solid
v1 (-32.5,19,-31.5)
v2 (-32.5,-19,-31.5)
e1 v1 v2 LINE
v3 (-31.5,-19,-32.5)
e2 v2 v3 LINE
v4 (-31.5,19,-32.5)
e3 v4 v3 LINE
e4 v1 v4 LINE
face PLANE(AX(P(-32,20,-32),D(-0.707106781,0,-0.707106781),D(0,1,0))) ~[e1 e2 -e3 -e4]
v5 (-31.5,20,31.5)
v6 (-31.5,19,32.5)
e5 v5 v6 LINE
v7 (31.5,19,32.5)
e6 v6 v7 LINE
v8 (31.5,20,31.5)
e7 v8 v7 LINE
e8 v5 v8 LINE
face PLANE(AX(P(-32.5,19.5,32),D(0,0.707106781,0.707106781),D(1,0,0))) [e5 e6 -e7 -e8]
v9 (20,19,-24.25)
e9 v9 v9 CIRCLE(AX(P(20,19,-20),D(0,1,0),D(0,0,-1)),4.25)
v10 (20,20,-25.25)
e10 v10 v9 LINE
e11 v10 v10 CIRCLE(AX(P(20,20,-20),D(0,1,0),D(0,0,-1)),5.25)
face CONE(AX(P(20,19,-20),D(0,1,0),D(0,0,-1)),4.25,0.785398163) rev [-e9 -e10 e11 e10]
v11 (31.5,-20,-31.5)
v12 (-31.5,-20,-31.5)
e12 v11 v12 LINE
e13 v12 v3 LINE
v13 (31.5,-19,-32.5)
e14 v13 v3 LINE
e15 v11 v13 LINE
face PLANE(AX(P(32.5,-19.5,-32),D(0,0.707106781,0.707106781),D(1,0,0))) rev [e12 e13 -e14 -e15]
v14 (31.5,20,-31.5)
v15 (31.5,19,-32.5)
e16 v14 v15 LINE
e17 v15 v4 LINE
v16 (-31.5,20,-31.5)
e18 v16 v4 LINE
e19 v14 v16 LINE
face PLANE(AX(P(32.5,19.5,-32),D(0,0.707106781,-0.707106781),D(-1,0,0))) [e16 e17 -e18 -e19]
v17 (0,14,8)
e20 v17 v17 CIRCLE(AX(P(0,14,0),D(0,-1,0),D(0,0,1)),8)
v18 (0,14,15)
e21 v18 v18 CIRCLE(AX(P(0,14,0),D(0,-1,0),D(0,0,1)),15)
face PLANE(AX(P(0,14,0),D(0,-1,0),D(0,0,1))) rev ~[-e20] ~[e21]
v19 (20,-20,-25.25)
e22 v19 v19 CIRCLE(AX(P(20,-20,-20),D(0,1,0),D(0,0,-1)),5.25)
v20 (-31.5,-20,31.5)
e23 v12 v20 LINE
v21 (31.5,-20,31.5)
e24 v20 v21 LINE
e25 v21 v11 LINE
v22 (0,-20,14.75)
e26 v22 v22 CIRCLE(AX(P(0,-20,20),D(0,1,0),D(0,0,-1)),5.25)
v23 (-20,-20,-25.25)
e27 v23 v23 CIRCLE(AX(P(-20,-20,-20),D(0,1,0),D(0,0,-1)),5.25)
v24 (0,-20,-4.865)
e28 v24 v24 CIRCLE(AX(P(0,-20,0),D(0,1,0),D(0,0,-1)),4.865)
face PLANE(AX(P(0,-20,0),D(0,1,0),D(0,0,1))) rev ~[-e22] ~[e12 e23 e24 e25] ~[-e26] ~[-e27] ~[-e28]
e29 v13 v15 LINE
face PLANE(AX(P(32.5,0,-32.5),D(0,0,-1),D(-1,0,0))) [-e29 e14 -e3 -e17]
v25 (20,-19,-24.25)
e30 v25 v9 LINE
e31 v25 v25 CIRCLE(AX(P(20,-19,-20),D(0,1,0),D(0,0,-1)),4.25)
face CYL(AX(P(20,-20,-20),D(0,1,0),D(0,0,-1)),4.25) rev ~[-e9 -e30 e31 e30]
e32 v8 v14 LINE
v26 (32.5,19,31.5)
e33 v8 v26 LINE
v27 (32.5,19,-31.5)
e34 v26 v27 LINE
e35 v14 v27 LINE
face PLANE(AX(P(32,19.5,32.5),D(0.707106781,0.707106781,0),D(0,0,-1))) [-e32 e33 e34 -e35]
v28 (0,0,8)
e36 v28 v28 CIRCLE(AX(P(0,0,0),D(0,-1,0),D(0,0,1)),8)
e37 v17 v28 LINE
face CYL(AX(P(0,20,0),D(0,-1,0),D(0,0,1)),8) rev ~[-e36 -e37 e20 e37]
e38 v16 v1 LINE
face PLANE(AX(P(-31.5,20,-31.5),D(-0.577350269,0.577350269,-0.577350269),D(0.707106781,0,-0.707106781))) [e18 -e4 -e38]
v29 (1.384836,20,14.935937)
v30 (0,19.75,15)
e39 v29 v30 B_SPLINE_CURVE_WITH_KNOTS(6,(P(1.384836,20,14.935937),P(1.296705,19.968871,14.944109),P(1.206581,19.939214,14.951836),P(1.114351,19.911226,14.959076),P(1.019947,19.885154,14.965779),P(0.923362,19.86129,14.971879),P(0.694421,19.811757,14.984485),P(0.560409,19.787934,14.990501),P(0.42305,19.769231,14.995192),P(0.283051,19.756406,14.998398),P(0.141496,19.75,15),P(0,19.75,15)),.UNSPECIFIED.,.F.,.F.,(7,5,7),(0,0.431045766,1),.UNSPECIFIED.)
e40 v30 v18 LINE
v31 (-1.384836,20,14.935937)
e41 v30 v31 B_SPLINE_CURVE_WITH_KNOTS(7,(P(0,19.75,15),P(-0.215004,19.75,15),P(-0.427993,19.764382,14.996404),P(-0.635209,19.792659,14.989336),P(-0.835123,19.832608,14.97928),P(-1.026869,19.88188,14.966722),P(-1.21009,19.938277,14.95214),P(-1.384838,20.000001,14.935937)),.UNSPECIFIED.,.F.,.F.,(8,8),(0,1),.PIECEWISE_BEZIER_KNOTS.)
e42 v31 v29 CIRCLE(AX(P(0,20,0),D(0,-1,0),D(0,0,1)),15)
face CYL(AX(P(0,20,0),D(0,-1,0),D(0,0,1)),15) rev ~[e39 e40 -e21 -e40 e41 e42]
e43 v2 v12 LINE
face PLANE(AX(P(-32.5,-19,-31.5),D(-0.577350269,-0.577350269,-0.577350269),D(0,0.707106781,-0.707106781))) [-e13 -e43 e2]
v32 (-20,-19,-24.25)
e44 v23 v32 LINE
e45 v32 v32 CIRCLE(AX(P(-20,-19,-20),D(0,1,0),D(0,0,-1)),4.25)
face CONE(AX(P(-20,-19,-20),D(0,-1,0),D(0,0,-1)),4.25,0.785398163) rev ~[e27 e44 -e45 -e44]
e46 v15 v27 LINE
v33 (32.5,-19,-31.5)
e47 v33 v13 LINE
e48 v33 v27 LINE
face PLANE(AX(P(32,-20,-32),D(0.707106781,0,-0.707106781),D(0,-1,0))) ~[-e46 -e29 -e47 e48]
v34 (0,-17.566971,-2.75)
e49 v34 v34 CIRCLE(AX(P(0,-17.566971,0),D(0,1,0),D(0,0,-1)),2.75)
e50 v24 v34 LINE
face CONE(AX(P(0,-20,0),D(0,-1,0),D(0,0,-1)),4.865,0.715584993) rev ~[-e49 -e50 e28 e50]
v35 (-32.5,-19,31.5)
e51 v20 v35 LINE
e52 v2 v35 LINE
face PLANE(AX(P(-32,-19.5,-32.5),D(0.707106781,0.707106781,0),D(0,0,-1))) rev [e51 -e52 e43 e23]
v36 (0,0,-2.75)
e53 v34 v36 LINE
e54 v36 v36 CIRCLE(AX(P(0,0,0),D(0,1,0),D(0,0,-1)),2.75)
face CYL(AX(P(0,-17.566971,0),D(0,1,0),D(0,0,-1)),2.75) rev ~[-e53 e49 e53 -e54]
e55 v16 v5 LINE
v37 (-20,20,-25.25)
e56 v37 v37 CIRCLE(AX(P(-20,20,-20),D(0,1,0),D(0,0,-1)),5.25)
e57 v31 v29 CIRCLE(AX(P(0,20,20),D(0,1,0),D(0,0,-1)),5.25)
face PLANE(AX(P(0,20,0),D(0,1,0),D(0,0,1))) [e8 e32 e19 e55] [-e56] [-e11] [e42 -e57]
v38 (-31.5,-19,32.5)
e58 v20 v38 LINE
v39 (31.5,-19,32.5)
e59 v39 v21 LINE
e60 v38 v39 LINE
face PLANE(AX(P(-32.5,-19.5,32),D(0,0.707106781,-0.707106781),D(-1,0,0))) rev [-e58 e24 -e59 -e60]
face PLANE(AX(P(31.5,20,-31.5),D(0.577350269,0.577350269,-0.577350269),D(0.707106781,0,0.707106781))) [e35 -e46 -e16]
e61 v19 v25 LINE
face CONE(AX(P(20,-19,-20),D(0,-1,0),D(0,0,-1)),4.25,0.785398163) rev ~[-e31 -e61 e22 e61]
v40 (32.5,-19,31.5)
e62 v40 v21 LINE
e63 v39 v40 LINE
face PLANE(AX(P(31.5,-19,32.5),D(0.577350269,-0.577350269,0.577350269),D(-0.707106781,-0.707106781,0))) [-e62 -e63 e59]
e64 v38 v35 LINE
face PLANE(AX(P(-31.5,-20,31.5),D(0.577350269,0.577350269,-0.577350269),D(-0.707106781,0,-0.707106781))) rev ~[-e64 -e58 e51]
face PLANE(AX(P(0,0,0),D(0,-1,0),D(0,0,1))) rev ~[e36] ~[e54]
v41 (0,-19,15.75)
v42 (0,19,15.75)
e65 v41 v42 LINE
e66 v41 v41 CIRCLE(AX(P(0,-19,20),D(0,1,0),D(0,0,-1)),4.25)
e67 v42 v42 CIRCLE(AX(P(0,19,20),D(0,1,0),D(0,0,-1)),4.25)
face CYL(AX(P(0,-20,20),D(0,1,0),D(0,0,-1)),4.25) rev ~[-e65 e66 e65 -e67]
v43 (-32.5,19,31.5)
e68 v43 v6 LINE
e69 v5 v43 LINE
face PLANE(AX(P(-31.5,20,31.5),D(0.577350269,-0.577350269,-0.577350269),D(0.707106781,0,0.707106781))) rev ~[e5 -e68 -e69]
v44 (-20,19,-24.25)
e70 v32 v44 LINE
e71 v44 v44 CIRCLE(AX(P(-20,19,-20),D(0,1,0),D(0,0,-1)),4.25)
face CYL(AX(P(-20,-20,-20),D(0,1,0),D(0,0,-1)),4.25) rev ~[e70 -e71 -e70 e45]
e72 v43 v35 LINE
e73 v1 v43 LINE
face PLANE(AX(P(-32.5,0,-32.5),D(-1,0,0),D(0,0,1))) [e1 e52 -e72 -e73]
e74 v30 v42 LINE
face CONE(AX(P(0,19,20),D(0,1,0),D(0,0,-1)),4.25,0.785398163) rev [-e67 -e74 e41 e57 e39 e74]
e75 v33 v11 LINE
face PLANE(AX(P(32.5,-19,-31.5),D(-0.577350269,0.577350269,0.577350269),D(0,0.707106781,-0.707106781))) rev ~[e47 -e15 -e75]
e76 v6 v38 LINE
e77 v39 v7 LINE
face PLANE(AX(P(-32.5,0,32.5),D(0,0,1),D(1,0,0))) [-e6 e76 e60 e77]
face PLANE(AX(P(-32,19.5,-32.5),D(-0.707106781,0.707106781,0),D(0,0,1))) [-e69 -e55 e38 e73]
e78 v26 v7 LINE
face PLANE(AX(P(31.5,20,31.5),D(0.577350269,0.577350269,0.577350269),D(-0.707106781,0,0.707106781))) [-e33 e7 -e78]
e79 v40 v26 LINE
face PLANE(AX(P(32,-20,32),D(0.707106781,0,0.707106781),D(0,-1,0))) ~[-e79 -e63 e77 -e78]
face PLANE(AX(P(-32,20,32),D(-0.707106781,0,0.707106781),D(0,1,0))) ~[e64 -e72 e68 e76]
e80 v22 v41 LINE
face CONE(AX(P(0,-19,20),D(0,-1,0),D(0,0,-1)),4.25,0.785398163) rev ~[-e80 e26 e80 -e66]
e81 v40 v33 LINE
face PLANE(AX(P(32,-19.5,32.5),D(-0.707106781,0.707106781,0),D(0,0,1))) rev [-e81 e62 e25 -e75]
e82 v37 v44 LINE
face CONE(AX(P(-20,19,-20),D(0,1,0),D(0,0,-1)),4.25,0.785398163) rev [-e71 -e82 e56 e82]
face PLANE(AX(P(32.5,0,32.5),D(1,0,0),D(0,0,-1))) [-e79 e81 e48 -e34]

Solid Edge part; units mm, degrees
sketch "Sketch1" plane through (0, 0, 0) normal (0, -1, 0) x (1, 0, 0)
  line L0 (-32.5, 32.5) -> (32.5, 32.5)
  line L1 (32.5, 32.5) -> (32.5, -32.5)
  line L2 (32.5, -32.5) -> (-32.5, -32.5)
  line L3 (-32.5, -32.5) -> (-32.5, 32.5)
  dimension "D1" = 65
  dimension "D2" = 65
extrude "Protrusion1" add sketch "Sketch1" along normal mid plane 40
hole "Bohrung_1" at (-20, -20, -20) direction (0, 1, 0) diameter 8.5 depth 50
hole "Hole1" at (20, -20, -20) direction (0, 1, 0) diameter 8.5 depth 50
hole "Hole2" at (0, -20, 20) direction (0, 1, 0) diameter 8.5 depth 50
hole "Bohrung_4" at (0, 20, 0) direction (0, -1, 0) diameter 16 depth 20
hole "Bohrung_5" at (0, -20, 0) direction (0, 1, 0) diameter 5.5 depth 20 countersink diameter 9.73 countersink angle 82
chamfer "Fase_1" distance 1 angle 45 6 edges at (0, -20, 24.25) (0, 20, 15.75) (-20, -20, -15.75) (-20, 20, -24.25) (20, -20, -15.75) (20, 20, -24.25)
chamfer "Fase_3" distance 1 angle 45 12 edges at (0, -20, -32.5) (32.5, -20, 0) (32.5, 0, -32.5) (32.5, 0, 32.5) (-32.5, 0, 32.5) (0, -20, 32.5) (-32.5, -20, 0) (-32.5, 0, -32.5) (-32.5, 20, 0) (0, 20, -32.5) (32.5, 20, 0) (0, 20, 32.5)
hole "Bohrung_6" at (0, 20, 0) direction (0, -1, 0) diameter 30 depth 6
